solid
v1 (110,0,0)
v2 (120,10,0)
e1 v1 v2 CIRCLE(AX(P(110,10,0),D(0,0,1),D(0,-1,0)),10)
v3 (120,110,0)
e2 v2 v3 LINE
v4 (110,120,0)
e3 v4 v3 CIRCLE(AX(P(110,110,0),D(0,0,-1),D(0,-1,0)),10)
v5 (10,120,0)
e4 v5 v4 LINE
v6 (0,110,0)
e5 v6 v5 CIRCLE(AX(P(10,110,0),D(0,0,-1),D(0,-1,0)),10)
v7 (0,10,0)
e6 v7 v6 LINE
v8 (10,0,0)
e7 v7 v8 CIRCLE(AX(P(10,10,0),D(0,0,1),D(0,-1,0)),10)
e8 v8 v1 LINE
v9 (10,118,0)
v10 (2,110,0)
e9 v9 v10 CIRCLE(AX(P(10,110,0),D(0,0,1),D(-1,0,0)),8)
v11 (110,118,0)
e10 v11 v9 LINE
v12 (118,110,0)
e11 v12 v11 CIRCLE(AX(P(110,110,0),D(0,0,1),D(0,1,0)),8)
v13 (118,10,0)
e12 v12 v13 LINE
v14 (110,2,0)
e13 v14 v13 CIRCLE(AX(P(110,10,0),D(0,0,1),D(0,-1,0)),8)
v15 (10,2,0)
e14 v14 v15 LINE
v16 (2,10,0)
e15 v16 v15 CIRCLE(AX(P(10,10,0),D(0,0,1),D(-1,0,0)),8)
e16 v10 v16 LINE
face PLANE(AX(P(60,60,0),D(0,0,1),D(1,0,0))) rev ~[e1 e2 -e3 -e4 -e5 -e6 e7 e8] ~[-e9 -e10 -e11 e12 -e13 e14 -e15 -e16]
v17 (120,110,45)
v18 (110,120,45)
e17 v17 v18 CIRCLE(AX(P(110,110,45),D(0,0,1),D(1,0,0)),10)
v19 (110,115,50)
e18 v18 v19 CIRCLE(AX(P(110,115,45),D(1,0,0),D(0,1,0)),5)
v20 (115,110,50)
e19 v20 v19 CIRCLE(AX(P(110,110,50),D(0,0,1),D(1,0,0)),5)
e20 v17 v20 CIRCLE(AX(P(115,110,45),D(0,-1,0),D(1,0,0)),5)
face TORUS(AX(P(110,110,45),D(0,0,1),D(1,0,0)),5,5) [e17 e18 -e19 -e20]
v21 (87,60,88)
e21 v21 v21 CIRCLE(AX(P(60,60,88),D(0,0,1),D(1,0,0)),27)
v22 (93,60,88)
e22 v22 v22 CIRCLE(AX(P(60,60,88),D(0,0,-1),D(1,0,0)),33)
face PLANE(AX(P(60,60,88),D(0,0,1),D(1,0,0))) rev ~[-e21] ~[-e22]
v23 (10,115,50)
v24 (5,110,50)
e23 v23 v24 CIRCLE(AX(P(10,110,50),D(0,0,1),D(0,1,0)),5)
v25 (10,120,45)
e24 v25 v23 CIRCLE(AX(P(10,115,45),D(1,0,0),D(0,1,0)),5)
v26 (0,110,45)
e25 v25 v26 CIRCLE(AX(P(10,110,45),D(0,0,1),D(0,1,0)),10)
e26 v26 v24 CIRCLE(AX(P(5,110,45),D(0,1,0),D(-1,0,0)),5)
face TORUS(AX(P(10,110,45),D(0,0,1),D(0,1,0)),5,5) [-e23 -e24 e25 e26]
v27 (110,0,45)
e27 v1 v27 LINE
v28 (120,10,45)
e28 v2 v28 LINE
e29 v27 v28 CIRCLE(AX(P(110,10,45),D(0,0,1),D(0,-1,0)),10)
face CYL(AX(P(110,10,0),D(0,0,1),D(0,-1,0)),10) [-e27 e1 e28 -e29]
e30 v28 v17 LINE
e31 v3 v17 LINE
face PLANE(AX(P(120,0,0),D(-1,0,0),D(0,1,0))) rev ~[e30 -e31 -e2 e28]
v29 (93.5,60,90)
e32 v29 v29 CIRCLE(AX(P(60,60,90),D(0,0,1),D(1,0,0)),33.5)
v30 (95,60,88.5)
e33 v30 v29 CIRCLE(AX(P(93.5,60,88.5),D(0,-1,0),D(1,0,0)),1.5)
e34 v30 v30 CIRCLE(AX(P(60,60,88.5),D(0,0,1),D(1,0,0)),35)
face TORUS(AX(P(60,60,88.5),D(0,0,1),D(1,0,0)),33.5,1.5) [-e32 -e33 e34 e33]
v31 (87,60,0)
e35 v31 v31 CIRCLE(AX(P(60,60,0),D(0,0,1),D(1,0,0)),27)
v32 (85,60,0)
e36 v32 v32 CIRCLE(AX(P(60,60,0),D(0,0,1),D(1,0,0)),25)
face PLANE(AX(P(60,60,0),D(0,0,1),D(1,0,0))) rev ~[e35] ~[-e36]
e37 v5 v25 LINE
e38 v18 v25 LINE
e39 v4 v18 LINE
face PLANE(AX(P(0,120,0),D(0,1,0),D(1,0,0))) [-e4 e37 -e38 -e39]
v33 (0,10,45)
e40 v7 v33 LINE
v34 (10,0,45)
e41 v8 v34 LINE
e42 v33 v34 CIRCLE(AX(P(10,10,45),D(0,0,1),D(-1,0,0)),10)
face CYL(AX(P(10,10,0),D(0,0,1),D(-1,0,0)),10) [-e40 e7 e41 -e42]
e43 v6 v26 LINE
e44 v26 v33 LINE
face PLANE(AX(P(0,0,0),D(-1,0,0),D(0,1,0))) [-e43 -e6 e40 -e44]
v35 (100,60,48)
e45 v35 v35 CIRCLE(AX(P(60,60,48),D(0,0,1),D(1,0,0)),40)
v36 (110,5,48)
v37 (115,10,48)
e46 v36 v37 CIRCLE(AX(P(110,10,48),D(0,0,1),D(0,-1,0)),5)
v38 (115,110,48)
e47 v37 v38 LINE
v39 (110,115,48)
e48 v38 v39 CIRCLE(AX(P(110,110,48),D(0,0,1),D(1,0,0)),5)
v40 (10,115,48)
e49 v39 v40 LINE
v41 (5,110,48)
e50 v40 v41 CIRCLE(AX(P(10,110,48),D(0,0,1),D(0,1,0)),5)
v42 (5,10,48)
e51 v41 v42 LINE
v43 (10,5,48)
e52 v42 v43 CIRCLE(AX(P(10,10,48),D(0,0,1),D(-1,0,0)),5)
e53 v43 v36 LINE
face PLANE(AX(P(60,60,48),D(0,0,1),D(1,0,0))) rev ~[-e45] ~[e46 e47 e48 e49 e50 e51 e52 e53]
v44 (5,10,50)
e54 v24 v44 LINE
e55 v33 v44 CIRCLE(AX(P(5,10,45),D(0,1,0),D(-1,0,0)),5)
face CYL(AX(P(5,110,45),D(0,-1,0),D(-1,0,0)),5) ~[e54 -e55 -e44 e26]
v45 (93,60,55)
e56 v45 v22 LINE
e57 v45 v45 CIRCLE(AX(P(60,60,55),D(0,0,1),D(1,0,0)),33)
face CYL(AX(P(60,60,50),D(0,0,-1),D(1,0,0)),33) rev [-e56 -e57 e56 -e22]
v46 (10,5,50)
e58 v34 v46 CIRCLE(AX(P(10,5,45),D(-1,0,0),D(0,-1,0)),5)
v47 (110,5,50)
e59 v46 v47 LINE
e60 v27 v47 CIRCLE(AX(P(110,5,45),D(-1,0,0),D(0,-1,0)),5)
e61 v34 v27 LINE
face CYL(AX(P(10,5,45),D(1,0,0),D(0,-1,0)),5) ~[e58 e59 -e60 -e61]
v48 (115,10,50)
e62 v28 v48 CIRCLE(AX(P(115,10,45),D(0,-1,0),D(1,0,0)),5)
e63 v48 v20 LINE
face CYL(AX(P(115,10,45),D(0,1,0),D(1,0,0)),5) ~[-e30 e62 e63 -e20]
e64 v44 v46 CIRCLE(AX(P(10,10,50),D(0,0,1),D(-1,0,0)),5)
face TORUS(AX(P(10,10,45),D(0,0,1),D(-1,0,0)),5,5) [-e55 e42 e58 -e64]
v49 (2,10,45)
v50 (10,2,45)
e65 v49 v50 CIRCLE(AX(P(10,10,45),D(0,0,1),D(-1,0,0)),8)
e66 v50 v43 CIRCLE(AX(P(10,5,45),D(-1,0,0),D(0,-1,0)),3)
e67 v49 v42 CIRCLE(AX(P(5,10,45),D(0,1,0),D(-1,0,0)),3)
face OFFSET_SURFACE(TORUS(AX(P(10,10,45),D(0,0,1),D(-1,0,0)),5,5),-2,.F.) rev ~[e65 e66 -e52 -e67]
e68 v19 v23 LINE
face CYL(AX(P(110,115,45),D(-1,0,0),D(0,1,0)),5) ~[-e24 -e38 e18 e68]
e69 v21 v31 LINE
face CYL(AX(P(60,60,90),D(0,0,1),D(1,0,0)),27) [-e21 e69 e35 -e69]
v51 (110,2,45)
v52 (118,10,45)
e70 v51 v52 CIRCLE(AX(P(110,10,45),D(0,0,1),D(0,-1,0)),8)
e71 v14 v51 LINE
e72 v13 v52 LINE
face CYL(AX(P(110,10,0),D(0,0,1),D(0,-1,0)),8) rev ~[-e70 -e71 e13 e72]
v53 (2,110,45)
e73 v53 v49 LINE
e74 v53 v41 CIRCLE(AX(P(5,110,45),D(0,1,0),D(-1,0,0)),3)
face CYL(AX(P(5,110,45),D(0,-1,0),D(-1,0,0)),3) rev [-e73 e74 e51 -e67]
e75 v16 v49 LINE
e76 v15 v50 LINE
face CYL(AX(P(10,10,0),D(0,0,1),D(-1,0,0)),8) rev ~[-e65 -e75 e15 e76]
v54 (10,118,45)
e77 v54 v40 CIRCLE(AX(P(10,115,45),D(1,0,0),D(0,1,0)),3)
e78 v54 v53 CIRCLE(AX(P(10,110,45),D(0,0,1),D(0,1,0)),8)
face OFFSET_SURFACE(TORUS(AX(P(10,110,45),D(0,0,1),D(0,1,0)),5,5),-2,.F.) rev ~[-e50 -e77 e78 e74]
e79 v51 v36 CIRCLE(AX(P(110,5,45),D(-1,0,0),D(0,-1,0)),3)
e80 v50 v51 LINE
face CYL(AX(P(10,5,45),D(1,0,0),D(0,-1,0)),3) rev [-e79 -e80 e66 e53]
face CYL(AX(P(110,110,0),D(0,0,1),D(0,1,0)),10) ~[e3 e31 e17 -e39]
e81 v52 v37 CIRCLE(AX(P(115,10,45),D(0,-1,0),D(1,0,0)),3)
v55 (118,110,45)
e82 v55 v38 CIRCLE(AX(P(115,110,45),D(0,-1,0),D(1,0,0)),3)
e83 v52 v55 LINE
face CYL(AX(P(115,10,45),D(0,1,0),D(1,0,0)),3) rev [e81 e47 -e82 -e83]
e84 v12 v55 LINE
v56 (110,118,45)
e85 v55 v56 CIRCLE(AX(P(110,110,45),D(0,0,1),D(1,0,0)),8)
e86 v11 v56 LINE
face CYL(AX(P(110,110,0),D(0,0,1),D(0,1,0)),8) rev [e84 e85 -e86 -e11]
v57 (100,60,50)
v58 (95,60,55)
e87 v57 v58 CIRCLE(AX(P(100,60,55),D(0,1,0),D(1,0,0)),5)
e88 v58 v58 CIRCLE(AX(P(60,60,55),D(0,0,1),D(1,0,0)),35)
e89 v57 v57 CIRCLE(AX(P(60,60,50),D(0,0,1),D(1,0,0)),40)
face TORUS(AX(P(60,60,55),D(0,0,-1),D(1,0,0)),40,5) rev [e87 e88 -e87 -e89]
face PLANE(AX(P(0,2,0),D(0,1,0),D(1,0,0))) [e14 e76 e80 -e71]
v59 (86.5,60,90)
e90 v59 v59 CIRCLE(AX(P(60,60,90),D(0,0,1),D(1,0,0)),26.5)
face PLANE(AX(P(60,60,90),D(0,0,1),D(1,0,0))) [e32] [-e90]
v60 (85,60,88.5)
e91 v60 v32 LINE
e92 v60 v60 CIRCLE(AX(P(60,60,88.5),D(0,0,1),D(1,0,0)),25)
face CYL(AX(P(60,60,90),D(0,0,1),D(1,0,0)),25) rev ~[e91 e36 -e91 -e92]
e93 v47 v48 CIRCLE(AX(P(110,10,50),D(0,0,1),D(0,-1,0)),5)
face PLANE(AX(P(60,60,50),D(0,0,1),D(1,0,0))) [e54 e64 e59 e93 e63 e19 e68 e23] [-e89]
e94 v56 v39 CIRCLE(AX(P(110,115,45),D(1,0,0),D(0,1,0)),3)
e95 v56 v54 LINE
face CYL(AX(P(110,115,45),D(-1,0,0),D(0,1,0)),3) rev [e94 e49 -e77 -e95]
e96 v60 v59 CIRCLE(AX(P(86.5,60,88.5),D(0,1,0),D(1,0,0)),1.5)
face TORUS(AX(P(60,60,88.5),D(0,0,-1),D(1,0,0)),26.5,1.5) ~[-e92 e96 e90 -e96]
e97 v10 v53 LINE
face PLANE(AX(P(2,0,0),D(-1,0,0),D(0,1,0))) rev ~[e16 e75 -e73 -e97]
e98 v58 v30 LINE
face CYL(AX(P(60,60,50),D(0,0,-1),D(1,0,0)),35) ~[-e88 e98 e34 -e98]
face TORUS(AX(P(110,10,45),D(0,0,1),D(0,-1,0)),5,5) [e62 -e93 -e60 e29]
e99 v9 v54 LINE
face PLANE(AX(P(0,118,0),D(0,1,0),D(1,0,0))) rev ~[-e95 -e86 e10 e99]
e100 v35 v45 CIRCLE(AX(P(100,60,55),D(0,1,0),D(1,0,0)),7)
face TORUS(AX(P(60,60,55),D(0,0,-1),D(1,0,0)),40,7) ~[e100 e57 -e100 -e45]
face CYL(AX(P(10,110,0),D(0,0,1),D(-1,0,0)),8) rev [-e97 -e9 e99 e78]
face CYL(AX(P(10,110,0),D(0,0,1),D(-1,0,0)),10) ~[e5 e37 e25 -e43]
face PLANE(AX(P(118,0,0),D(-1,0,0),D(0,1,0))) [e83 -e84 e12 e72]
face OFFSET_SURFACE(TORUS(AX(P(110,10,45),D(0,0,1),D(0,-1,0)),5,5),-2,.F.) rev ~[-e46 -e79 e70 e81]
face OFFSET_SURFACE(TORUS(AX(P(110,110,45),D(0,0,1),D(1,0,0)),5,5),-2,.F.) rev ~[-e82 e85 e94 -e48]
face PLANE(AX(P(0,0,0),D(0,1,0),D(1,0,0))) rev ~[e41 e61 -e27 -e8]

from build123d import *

# Parameters (mm, degrees)
SKETCH2_W           = 120
SKETCH2_H           = 120
BOSS_EXTRUDE1_DEPTH = 50
SKETCH4_R           = 35
BOSS_EXTRUDE2_DEPTH = 40
SKETCH6_R           = 25
CUT_EXTRUDE1_DEPTH  = 91
FILLET1_R           = 10
FILLET2_R           = 1.5
FILLET3_R           = 5
SHELL1_T            = -2


with BuildPart() as part:
    # Sketch2 → Boss-Extrude1 (new body)
    with BuildSketch(Plane.XY):
        with Locations((60, 60)):
            Rectangle(SKETCH2_W, SKETCH2_H)
    extrude(amount=BOSS_EXTRUDE1_DEPTH)

    # Sketch4 → Boss-Extrude2 (add)
    with BuildSketch(Plane.XY.offset(50)):
        with Locations((60, 60)):
            Circle(SKETCH4_R)
    extrude(amount=BOSS_EXTRUDE2_DEPTH)

    # Sketch6 → Cut-Extrude1 (cut, through all)
    with BuildSketch(Plane.XY.offset(90)):
        with Locations((60, 60)):
            Circle(SKETCH6_R)
    extrude(amount=-CUT_EXTRUDE1_DEPTH, mode=Mode.SUBTRACT)

    # Fillet1
    fillet1_edges = [part.edges().sort_by_distance(p)[0] for p in [
        (0, 120, 25),
        (120, 120, 25),
        (120, 0, 25),
        (0, 0, 25),
    ]]
    fillet(fillet1_edges, radius=FILLET1_R)

    # Fillet2
    fillet2_edges = [part.edges().sort_by_distance(p)[0] for p in [
        (25, 60, 90),
        (35, 60, 90),
    ]]
    fillet(fillet2_edges, radius=FILLET2_R)

    # Fillet3
    fillet3_edges = [part.edges().sort_by_distance(p)[0] for p in [
        (25, 60, 50),
        (60, 0, 50),
        (0, 60, 50),
        (120, 60, 50),
        (60, 120, 50),
        (2.928932188, 117.071067812, 50),
        (117.071067812, 117.071067812, 50),
        (117.071067812, 2.928932188, 50),
        (2.928932188, 2.928932188, 50),
    ]]
    fillet(fillet3_edges, radius=FILLET3_R)

    # Shell1
    shell1_openings = [part.faces().sort_by_distance(p)[0] for p in [
        (85, 60, 0),
    ]]
    offset(amount=SHELL1_T, openings=shell1_openings, kind=Kind.INTERSECTION)


solid = part.part
